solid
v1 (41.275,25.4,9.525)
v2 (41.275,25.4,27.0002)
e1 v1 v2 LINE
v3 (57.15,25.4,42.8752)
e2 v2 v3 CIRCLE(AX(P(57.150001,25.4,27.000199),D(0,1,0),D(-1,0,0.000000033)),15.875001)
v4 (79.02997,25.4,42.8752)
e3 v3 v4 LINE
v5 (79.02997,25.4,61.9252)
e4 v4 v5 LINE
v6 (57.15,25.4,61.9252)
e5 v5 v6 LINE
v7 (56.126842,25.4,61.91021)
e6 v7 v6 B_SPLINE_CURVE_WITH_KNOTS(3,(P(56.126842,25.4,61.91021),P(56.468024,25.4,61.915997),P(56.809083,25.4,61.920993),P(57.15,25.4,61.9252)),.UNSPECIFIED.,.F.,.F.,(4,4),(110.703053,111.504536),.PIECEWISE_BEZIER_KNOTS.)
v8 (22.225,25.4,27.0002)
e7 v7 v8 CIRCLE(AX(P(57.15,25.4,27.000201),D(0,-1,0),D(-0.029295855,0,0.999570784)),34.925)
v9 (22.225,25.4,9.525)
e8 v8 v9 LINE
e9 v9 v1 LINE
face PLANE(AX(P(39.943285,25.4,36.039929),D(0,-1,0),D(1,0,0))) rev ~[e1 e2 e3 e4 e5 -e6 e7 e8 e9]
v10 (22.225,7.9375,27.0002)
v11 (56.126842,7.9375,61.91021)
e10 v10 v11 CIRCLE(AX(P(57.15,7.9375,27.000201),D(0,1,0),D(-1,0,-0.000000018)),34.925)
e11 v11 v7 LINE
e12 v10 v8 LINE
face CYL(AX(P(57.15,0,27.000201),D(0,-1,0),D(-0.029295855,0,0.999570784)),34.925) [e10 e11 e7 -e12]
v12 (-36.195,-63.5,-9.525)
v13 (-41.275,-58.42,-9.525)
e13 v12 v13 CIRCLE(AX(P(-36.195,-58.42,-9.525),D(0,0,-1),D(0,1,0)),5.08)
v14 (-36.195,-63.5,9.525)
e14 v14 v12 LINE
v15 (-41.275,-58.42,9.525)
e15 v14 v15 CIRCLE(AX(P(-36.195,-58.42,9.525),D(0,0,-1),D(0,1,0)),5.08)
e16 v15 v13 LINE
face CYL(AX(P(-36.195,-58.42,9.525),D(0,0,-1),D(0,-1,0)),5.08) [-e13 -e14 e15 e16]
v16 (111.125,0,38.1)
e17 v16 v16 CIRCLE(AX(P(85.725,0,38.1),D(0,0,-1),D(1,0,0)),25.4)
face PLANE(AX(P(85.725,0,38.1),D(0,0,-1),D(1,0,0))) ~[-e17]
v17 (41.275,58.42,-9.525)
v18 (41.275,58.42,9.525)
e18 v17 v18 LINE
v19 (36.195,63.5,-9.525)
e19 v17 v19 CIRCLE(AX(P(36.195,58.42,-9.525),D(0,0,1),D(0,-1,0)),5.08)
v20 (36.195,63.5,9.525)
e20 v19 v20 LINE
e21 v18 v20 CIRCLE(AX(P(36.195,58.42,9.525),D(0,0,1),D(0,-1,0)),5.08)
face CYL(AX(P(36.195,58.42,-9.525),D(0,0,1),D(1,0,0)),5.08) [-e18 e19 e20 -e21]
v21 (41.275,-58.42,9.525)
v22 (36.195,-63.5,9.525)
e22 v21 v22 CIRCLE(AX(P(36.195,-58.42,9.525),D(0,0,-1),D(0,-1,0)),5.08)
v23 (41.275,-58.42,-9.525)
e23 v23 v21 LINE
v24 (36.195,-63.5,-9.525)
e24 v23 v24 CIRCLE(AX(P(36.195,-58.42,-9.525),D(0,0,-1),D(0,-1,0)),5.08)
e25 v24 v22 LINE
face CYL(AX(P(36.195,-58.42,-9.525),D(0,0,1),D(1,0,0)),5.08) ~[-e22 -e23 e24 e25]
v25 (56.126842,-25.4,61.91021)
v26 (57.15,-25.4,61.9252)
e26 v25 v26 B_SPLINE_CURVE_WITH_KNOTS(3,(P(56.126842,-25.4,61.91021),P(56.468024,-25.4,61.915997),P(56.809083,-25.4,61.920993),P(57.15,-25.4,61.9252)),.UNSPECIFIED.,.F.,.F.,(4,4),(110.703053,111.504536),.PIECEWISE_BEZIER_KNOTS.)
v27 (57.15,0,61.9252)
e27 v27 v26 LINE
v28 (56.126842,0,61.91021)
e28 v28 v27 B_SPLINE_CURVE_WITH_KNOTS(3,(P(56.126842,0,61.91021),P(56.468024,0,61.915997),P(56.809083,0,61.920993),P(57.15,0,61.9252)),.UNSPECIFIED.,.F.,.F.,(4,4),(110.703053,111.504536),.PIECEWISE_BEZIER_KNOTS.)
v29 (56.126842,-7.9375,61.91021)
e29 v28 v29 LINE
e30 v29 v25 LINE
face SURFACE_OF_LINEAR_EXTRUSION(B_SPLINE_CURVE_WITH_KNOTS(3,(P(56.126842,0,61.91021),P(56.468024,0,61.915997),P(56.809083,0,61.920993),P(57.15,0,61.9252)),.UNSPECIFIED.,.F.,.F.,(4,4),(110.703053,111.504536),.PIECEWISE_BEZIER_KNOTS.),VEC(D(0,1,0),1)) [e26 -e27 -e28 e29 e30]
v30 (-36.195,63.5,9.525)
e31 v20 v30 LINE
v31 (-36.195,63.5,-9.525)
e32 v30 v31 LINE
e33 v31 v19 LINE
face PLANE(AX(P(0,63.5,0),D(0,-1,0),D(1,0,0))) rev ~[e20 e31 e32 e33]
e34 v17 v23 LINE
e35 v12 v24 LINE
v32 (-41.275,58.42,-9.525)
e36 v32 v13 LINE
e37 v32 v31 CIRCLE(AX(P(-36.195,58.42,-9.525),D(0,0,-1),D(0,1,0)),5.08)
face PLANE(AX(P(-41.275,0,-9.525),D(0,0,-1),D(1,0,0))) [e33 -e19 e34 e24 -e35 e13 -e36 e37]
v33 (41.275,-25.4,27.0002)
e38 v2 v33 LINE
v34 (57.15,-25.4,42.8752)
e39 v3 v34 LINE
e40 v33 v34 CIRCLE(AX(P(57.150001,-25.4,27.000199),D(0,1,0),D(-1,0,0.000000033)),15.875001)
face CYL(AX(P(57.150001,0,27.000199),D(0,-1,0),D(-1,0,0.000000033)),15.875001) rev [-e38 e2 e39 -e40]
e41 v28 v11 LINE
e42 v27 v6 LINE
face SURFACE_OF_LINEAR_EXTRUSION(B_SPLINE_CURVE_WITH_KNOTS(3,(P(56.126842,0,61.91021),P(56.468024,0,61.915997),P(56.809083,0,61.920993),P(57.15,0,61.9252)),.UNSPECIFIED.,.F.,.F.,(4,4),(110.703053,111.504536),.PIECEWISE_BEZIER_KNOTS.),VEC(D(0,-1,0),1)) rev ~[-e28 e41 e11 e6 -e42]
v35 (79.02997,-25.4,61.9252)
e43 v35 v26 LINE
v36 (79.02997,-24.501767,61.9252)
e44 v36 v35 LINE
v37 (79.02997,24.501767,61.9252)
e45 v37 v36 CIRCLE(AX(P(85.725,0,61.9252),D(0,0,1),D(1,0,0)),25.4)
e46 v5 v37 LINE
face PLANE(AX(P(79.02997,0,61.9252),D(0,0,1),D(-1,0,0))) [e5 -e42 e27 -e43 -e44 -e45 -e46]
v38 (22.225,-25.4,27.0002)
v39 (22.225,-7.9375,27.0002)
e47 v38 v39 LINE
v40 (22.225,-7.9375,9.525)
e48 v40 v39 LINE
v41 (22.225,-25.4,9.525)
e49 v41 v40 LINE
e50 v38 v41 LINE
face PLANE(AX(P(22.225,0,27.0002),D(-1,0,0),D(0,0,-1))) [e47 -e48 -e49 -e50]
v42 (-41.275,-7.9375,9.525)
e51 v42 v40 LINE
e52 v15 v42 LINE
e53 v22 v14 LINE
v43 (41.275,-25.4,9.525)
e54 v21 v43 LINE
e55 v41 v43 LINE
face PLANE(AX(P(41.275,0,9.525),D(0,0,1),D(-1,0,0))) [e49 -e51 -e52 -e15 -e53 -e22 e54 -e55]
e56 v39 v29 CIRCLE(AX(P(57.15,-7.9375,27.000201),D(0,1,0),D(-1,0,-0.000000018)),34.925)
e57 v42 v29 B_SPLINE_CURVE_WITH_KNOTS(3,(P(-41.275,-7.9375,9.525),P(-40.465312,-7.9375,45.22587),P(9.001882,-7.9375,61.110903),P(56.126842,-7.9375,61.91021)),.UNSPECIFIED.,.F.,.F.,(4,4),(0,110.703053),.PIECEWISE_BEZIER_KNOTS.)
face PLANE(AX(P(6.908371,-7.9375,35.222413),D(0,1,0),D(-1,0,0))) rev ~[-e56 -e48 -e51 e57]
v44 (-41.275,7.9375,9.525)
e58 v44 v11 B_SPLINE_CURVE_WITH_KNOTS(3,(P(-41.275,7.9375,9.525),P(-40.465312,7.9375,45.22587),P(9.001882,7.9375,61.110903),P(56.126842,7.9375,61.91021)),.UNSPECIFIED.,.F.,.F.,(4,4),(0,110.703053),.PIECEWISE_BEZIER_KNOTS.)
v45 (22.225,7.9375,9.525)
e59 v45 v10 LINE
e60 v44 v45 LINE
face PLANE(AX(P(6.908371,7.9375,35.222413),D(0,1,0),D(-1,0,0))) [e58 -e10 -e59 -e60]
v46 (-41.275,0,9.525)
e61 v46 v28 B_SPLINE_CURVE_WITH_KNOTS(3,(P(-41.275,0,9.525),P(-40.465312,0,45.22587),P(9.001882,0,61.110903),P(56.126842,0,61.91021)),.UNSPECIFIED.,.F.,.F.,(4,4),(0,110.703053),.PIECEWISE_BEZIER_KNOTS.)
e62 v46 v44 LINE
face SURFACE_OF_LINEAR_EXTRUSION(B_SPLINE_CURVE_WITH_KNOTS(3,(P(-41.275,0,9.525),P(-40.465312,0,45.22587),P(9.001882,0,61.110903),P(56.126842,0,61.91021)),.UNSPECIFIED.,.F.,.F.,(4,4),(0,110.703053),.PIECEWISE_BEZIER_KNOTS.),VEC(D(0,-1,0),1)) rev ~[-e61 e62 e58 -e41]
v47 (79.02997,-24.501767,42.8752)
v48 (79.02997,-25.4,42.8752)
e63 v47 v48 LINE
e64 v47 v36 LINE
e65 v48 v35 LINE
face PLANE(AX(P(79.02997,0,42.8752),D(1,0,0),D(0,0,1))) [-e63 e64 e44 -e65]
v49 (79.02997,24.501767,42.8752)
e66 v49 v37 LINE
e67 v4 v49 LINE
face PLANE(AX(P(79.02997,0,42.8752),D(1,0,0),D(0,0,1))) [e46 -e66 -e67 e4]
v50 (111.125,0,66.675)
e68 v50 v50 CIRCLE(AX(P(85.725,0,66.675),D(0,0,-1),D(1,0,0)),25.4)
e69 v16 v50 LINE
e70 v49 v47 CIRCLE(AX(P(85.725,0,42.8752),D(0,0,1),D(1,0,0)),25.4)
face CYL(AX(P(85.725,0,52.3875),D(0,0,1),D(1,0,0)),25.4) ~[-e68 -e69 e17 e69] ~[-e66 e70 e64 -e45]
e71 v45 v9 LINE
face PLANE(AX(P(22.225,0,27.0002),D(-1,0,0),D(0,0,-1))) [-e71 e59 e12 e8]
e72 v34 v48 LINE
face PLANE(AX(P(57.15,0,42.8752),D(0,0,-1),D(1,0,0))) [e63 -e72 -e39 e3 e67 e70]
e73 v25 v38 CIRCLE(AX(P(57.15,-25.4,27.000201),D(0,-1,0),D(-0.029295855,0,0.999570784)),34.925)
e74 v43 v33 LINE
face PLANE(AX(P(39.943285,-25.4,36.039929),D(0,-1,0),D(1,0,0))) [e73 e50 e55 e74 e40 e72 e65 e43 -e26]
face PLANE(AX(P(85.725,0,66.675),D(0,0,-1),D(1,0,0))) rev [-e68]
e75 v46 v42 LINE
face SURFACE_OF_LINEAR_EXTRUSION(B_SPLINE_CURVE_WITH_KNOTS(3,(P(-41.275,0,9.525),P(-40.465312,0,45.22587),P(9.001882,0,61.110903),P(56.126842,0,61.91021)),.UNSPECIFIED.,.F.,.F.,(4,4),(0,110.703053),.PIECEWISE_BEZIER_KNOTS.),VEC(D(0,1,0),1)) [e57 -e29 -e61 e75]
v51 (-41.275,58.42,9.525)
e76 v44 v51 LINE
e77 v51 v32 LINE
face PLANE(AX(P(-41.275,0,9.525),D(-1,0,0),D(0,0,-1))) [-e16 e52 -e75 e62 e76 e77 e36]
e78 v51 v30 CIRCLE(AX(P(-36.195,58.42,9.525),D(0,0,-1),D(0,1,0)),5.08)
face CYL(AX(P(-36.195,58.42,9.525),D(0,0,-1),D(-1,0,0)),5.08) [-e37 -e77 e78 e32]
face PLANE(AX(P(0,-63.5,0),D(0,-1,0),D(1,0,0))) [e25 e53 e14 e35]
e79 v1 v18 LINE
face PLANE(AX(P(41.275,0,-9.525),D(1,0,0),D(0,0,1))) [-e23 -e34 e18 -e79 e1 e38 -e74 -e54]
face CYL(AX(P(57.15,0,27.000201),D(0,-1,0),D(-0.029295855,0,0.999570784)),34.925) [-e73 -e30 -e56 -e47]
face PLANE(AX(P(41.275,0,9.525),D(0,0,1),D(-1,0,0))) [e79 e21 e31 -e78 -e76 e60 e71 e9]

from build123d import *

# Parameters (mm, degrees)
F1_DEPTH = 63.5
F0_W     = 18.70497
F0_H     = 19.05
F2_DEPTH = 25.4
F3_DEPTH = 7.9375
F0_W_2   = 25.4
F0_H_2   = 28.575
F5_R     = 5.08


with BuildPart() as f1:
    # F0 (on Front) → F1 (new body, symmetric)
    with BuildSketch(Plane.XZ):
        Polygon((-41.275, 9.525), (-41.275, -9.525), (41.275, -9.525), (41.275, 9.525), (22.225, 9.525), align=None)
    extrude(amount=F1_DEPTH, both=True)

    # F0 (on Front) → F2 (join, symmetric)
    with BuildSketch(Plane.XZ):
        with BuildLine():
            Line((22.225, 9.525), (41.275, 9.525))
            Line((41.275, 9.525), (41.275, 27.0002))
            ThreePointArc((41.275, 27.0002), (45.92468, 38.22552), (57.15, 42.8752))
            Line((57.15, 42.8752), (60.325, 42.8752))
            Line((60.325, 42.8752), (60.325, 61.9252))
            Line((60.325, 61.9252), (57.15, 61.9252))
            add(Edge.make_bspline(
                [(56.126842, 61.91021), (56.468024, 61.915997), (56.809083, 61.920993), (57.15, 61.9252)],
                knots=[110.703053, 110.703053, 110.703053, 110.703053, 111.504536, 111.504536, 111.504536, 111.504536], degree=3))
            ThreePointArc((56.126842, 61.91021), (32.095166, 51.331475), (22.225, 27.0002))
            Line((22.225, 27.0002), (22.225, 9.525))
        make_face()
        with Locations((69.677485, 52.4002)):
            Rectangle(F0_W, F0_H)
    extrude(amount=F2_DEPTH, both=True)

    # F0 (on Front) → F3 (join, symmetric)
    with BuildSketch(Plane.XZ):
        with BuildLine():
            add(Edge.make_bspline(
                [(-41.275, 9.525), (-40.465312, 45.22587), (9.001882, 61.110903), (56.126842, 61.91021)],
                knots=[0, 0, 0, 0, 110.703053, 110.703053, 110.703053, 110.703053], degree=3))
            Line((-41.275, 9.525), (22.225, 9.525))
            Line((22.225, 9.525), (22.225, 27.0002))
            ThreePointArc((22.225, 27.0002), (32.095166, 51.331475), (56.126842, 61.91021))
        make_face()
    extrude(amount=F3_DEPTH, both=True)

    # F0 (on Front) → F4 (revolve)
    with BuildSketch(Plane.XZ):
        with Locations((98.425, 52.3875)):
            Rectangle(F0_W_2, F0_H_2)
    revolve(axis=Axis((85.725, 0, 52.3875), (0, 0, -1)))

    # F5
    f5_edges = [f1.edges().sort_by_distance(p)[0] for p in [
        (41.275, -63.5, 0),
        (-41.275, -63.5, 0),
        (41.275, 63.5, 0),
        (-41.275, 63.5, 0),
    ]]
    fillet(f5_edges, radius=F5_R)


solid = f1.part
